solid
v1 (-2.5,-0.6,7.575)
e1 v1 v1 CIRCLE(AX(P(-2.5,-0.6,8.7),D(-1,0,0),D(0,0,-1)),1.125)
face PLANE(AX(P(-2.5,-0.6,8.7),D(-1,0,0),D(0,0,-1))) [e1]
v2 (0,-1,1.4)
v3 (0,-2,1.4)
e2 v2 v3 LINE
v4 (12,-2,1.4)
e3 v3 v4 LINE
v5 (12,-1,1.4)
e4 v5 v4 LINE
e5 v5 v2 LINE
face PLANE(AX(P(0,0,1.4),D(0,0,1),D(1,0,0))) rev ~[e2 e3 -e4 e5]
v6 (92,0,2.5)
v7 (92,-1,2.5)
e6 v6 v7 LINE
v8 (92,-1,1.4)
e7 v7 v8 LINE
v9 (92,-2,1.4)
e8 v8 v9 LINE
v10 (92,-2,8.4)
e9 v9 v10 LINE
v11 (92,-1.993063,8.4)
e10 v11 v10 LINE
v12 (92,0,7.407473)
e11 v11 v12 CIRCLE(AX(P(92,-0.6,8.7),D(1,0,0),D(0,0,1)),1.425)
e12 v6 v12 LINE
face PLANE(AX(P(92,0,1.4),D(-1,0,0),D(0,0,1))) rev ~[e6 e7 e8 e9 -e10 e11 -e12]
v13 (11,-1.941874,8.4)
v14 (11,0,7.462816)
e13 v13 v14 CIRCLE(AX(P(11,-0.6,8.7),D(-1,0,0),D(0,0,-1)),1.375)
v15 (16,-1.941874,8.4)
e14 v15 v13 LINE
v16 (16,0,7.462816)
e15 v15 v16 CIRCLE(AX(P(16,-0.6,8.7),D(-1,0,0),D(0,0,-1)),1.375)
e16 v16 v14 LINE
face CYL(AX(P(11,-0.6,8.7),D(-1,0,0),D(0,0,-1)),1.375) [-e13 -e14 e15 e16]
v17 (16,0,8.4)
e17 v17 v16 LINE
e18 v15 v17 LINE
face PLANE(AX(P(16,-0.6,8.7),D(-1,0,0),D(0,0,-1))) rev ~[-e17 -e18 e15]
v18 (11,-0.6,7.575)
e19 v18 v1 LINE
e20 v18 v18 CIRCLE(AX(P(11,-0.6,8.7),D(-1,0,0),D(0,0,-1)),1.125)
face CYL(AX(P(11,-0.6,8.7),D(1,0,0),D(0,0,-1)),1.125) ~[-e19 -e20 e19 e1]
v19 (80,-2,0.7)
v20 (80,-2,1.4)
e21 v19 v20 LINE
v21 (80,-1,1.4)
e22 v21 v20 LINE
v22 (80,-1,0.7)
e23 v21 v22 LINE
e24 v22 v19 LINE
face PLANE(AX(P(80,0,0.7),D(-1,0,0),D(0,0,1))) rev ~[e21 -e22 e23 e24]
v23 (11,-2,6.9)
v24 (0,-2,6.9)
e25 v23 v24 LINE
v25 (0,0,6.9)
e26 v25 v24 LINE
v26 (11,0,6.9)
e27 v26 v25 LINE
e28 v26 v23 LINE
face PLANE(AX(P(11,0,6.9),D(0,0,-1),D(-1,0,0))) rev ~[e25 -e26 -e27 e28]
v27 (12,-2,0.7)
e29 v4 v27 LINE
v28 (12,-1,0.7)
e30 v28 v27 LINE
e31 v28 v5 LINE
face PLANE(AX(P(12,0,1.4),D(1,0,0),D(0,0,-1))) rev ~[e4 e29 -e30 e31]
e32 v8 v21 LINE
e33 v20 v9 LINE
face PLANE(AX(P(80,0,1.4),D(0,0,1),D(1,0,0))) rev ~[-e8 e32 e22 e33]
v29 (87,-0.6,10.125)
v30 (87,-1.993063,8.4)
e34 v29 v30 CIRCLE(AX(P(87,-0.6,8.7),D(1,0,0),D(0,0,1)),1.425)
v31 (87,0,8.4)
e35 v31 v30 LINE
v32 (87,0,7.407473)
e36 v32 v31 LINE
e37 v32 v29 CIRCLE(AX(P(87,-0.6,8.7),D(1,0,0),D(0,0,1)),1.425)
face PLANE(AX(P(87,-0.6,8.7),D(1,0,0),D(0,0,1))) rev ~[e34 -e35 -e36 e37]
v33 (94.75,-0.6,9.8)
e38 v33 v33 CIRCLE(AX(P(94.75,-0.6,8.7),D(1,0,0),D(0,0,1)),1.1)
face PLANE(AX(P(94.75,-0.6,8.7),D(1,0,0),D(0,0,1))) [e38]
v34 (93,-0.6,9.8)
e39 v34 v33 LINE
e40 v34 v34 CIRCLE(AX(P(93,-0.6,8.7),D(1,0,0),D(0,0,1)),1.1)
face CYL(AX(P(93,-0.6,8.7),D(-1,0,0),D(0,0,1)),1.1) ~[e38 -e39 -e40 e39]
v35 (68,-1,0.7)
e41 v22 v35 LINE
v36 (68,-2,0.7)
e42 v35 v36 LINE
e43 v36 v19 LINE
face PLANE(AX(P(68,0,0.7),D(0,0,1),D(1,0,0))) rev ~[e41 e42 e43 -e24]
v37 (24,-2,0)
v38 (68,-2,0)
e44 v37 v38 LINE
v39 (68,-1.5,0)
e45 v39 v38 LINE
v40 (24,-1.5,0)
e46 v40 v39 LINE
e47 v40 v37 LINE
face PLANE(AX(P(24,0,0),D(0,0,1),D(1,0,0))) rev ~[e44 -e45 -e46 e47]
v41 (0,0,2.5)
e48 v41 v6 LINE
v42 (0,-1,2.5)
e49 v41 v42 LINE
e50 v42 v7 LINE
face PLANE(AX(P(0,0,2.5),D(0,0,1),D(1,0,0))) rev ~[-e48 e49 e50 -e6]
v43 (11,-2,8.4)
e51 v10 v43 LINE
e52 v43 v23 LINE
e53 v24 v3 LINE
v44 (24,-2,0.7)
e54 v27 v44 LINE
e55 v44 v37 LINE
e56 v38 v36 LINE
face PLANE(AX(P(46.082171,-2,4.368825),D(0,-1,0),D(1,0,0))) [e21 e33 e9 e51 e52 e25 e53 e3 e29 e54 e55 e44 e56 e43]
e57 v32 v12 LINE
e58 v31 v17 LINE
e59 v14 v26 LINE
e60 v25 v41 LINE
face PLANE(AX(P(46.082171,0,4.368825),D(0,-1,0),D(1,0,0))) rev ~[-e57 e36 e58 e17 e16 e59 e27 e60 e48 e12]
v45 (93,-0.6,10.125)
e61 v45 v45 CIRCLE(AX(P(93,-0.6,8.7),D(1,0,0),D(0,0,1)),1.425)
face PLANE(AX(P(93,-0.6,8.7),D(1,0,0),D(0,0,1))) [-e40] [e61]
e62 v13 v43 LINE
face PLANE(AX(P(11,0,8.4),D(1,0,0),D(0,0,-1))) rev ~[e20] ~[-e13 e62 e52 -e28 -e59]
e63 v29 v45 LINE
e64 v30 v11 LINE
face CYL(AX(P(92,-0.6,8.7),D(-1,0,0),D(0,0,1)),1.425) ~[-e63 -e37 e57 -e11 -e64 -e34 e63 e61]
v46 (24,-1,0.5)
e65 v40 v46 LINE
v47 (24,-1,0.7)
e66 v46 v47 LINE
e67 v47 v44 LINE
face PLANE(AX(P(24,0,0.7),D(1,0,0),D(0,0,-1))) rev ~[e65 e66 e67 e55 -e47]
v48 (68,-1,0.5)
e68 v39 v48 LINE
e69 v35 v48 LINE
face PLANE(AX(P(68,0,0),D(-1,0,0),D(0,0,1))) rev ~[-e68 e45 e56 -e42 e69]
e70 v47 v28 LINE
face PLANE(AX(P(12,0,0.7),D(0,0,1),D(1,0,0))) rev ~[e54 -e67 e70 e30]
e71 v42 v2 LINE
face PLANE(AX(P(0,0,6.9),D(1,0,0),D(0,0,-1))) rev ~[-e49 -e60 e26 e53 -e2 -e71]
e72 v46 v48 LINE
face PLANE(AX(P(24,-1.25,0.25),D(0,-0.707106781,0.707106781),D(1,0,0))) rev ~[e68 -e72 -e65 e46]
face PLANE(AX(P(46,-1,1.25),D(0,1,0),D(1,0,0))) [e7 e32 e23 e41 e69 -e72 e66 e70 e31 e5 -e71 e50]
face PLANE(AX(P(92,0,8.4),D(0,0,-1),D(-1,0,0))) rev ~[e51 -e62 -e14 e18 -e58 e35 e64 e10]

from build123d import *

# Parameters (mm, degrees)
PAD_DEPTH    = 2
SKETCH001_R  = 1.425
PAD001_DEPTH = 1
SKETCH002_R  = 1.425
PAD002_DEPTH = 5
SKETCH003_R  = 1.1
PAD003_DEPTH = 1.75
SKETCH004_R  = 1.375
PAD004_DEPTH = 5
SKETCH005_R  = 1.125
PAD005_DEPTH = 13.5
SKETCH006_W  = 92
SKETCH006_H  = 2.5
POCKET_DEPTH = 1
CHAMFER_SIZE = 0.5


with BuildPart() as part:
    # Sketch → Pad (new body)
    with BuildSketch(Plane.XZ):
        Polygon((0, 1.4), (12, 1.4), (12, 0.7), (24, 0.7), (24, 0), (68, 0), (68, 0.7), (80, 0.7), (80, 1.4), (92, 1.4), (92, 8.4), (11, 8.4), (11, 6.9), (0, 6.9), align=None)
    extrude(amount=PAD_DEPTH)

    # Sketch001 (on Face10 of Pad) → Pad001 (join)
    with BuildSketch(Plane(origin=(92, 0, 0), x_dir=(0, 0, 1), z_dir=(1, 0, 0))):
        with Locations((8.7, 0.6)):
            Circle(SKETCH001_R)
    extrude(amount=PAD001_DEPTH)

    # Sketch002 (on Face14 of Pad001) → Pad002 (join)
    with BuildSketch(Plane(origin=(92, 0, 0), x_dir=(0, 0, 1), z_dir=(1, 0, 0))):
        with Locations((8.7, 0.6)):
            Circle(SKETCH002_R)
    extrude(amount=-PAD002_DEPTH)

    # Sketch003 (on Face19 of Pad002) → Pad003 (join)
    with BuildSketch(Plane(origin=(93, 0, 0), x_dir=(0, 0, 1), z_dir=(1, 0, 0))):
        with Locations((8.7, 0.6)):
            Circle(SKETCH003_R)
    extrude(amount=PAD003_DEPTH)

    # Sketch004 (on Face18 of Pad003) → Pad004 (join)
    with BuildSketch(Plane(origin=(11, 0, 0), x_dir=(0, 0, -1), z_dir=(-1, 0, 0))):
        with Locations((-8.7, 0.6)):
            Circle(SKETCH004_R)
    extrude(amount=-PAD004_DEPTH)

    # Sketch005 (on Face23 of Pad004) → Pad005 (join)
    with BuildSketch(Plane(origin=(11, 0, 0), x_dir=(0, 0, -1), z_dir=(-1, 0, 0))):
        with Locations((-8.7, 0.6)):
            Circle(SKETCH005_R)
    extrude(amount=PAD005_DEPTH)

    # Sketch006 (on Face4 of Pad005) → Pocket (cut)
    with BuildSketch(Plane(origin=(0, 0, 0), x_dir=(1, 0, 0), z_dir=(0, 1, 0))):
        with Locations((46, -1.25)):
            Rectangle(SKETCH006_W, SKETCH006_H)
    extrude(amount=-POCKET_DEPTH, mode=Mode.SUBTRACT)

    # Chamfer
    chamfer_edges = [part.edges().sort_by_distance(p)[0] for p in [
        (46, -1, 0),
    ]]
    chamfer(chamfer_edges, length=CHAMFER_SIZE)


solid = part.part
